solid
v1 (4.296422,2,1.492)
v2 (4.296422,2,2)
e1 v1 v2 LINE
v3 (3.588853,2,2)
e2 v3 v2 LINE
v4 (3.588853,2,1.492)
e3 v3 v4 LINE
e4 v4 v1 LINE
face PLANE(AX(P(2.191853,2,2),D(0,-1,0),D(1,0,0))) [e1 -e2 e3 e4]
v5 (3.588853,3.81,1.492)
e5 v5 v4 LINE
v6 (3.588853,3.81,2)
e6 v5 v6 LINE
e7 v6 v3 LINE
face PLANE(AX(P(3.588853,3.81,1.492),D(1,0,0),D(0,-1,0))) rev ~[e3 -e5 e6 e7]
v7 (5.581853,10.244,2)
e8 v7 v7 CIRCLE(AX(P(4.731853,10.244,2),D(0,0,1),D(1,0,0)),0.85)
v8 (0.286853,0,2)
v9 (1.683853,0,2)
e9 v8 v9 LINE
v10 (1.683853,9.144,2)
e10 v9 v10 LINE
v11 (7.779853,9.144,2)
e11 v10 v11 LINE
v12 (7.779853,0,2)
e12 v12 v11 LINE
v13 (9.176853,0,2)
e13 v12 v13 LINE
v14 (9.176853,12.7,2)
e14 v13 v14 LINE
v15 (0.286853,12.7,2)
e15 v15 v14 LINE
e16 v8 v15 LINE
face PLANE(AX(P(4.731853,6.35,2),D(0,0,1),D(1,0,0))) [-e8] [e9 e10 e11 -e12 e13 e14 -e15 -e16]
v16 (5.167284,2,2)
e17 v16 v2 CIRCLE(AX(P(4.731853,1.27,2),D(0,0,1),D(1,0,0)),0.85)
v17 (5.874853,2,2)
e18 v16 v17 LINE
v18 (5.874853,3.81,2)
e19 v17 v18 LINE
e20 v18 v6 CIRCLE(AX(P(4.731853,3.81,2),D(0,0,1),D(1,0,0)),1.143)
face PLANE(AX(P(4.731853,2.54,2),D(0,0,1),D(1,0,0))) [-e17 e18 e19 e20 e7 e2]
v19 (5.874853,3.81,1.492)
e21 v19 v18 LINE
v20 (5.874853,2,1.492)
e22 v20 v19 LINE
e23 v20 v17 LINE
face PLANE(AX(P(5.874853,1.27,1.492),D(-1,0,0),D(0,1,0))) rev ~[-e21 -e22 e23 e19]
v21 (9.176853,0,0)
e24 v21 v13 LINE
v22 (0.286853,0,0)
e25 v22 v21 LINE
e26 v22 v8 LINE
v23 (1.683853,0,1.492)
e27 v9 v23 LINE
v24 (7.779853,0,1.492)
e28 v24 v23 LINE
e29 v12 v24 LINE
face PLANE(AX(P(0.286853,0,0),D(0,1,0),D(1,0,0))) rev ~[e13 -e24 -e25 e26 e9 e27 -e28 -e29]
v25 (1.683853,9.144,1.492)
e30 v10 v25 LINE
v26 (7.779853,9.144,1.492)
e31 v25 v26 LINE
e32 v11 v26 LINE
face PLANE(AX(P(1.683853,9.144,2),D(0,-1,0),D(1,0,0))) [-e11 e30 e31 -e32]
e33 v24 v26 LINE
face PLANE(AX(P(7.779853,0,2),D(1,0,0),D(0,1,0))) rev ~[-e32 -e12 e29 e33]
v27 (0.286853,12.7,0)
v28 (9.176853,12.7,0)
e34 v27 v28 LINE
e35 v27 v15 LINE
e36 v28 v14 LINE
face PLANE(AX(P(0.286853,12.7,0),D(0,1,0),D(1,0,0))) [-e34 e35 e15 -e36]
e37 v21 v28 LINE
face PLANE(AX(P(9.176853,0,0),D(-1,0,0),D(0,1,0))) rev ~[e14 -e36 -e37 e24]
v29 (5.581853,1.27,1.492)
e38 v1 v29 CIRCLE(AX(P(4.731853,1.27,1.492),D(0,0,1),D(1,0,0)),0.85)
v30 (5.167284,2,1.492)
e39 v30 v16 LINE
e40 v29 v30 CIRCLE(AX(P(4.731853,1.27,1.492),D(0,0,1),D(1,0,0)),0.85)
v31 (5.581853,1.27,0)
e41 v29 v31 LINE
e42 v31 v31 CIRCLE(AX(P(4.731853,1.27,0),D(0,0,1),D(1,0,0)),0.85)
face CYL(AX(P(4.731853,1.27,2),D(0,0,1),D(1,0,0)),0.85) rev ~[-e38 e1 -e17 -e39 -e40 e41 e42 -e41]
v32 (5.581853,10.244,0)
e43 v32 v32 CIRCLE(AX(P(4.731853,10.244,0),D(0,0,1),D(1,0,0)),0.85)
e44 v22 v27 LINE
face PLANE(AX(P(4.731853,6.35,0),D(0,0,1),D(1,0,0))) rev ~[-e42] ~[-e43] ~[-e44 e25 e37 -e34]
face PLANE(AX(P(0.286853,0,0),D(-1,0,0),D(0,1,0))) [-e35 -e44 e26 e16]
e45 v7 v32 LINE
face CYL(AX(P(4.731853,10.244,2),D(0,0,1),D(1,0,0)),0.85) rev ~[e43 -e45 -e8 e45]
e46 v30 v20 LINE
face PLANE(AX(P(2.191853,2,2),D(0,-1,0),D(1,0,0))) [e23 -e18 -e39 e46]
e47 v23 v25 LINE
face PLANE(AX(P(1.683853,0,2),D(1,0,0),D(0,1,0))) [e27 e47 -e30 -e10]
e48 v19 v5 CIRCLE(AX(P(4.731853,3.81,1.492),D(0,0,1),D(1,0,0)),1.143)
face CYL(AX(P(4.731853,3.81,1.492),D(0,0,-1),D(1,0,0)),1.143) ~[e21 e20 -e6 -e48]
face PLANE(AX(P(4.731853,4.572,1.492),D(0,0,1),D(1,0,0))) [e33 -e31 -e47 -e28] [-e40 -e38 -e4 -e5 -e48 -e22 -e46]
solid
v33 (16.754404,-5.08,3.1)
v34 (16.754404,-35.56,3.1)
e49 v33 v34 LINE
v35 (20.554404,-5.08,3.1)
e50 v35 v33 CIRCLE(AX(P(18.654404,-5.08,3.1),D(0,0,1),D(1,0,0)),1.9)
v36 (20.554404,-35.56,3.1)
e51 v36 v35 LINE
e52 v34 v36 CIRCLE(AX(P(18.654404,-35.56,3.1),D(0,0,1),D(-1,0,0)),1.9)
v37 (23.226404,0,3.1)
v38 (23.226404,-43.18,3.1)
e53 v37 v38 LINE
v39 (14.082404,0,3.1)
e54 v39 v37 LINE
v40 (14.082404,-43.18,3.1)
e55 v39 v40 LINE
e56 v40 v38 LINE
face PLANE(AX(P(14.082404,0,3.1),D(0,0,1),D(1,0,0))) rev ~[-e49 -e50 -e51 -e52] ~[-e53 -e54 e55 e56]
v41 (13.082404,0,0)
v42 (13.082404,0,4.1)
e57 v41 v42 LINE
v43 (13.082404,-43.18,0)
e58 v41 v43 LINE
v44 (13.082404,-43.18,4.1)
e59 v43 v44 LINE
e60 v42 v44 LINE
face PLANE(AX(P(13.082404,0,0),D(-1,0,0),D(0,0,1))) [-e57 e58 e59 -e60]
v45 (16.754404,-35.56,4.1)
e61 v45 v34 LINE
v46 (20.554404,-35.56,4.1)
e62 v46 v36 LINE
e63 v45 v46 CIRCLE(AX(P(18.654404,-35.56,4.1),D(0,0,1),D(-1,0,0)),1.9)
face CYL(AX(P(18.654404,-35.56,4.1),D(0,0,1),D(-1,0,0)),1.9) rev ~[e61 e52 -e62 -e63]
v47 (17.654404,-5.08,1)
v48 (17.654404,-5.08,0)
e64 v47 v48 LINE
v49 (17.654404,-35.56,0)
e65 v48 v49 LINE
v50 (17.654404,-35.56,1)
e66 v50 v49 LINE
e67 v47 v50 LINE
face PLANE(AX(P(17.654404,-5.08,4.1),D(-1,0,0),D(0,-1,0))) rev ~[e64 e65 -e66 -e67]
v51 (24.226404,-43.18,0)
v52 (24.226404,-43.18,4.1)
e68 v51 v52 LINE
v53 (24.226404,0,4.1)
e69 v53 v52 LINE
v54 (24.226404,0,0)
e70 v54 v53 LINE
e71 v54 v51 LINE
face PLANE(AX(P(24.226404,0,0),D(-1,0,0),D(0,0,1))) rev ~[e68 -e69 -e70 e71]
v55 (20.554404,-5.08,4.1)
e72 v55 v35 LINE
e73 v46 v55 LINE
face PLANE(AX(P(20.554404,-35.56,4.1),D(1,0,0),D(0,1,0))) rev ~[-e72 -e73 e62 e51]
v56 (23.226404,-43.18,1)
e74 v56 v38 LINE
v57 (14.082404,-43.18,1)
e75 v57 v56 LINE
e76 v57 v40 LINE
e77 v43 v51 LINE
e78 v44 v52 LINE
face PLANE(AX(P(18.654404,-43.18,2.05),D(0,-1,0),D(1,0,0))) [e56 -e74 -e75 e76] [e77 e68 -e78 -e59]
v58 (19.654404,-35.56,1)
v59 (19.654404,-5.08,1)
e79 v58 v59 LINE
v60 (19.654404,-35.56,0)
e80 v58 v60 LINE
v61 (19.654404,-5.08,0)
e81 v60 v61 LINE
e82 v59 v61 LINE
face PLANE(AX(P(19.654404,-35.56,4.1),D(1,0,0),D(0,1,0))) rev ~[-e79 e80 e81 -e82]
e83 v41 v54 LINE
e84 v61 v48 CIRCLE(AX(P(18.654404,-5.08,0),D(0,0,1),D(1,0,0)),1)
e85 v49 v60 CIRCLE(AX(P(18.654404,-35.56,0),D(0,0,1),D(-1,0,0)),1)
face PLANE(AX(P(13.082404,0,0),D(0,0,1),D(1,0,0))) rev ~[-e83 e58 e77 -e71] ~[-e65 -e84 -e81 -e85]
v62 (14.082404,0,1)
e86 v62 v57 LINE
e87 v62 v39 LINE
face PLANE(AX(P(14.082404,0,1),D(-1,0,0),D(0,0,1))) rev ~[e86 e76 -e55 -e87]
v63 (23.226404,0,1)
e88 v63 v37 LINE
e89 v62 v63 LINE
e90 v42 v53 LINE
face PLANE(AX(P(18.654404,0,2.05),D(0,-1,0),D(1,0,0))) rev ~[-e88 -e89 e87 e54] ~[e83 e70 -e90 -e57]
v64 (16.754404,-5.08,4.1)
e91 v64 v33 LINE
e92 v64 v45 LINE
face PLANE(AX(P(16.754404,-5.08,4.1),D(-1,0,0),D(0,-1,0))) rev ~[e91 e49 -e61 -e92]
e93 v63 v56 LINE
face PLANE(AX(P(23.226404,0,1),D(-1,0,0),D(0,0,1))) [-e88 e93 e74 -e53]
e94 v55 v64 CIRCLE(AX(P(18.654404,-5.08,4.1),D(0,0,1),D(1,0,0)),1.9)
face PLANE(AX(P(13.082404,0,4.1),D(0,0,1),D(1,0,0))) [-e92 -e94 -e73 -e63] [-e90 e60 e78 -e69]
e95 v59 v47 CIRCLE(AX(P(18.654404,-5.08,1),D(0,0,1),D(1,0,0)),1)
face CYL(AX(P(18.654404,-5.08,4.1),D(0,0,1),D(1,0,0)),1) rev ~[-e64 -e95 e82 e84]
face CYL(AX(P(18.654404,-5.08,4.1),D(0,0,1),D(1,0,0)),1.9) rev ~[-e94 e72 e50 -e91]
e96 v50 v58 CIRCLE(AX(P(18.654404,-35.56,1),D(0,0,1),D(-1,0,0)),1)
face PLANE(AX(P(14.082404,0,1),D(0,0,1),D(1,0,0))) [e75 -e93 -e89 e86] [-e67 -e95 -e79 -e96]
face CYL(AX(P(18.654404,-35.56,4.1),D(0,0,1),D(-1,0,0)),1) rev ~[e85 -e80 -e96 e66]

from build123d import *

# Parameters (mm, degrees)
F0_W      = 8.89
F0_H      = 12.7
F1_DEPTH  = 2
F2_W      = 6.096
F2_H      = 9.144
F3_DEPTH  = 0.508
F5_DEPTH  = 0.508
F6_R      = 0.85
F7_DEPTH  = 25.4
F8_W      = 5.08
F8_H      = 2
F9_DEPTH  = 0.508
F10_W     = 11.144
F10_H     = 4.1
F10_W_2   = 9.144
F10_H_2   = 2.1
F11_DEPTH = 43.18
F13_DEPTH = 2.54
F15_DEPTH = 25.4


with BuildPart() as f1:
    # F0 (on Top) → F1 (new body)
    with BuildSketch(Plane.XY):
        with Locations((4.731853, 6.35)):
            Rectangle(F0_W, F0_H)
    extrude(amount=F1_DEPTH)

    # F2 (on face) → F3 (cut)
    with BuildSketch(Plane.XY.offset(2)):
        with Locations((4.731853, 4.572)):
            Rectangle(F2_W, F2_H)
    extrude(amount=-F3_DEPTH, mode=Mode.SUBTRACT)

    # F4 (on face) → F5 (join)
    with BuildSketch(Plane.XY.offset(1.492)):
        with BuildLine():
            ThreePointArc((5.874853, 3.81), (4.731853, 4.953), (3.588853, 3.81))
            Line((3.588853, 3.81), (3.588853, 1.27))
            ThreePointArc((3.588853, 1.27), (4.731853, 0.127), (5.874853, 1.27))
            Line((5.874853, 1.27), (5.874853, 3.81))
        make_face()
    extrude(amount=F5_DEPTH)

    # F6 (on face) → F7 (cut)
    with BuildSketch(Plane.XY.offset(2)):
        with Locations((4.731853, 1.27)):
            Circle(F6_R)
        with Locations((4.731853, 10.244)):
            Circle(F6_R)
    extrude(amount=-F7_DEPTH, mode=Mode.SUBTRACT)

    # F8 (on face) → F9 (cut)
    with BuildSketch(Plane.XY.offset(2)):
        with Locations((4.731853, 1)):
            Rectangle(F8_W, F8_H)
    extrude(amount=-F9_DEPTH, mode=Mode.SUBTRACT)


with BuildPart() as f11:
    # F10 (on Front) → F11 (new body)
    with BuildSketch(Plane.XZ):
        with Locations((18.654404, 2.05)):
            Rectangle(F10_W, F10_H)
        with Locations((18.654404, 2.05)):
            Rectangle(F10_W_2, F10_H_2, mode=Mode.SUBTRACT)
    extrude(amount=F11_DEPTH)

    # F12 (on face) → F13 (cut)
    with BuildSketch(Plane.XY.offset(4.1)):
        with BuildLine():
            ThreePointArc((20.554404, -5.08), (18.654404, -3.18), (16.754404, -5.08))
            Line((16.754404, -5.08), (16.754404, -35.56))
            ThreePointArc((16.754404, -35.56), (18.654404, -37.46), (20.554404, -35.56))
            Line((20.554404, -35.56), (20.554404, -5.08))
        make_face()
    extrude(amount=-F13_DEPTH, mode=Mode.SUBTRACT)

    # F14 (on face) → F15 (cut)
    with BuildSketch(Plane.XY.offset(4.1)):
        with BuildLine():
            ThreePointArc((19.654404, -5.08), (18.654404, -4.08), (17.654404, -5.08))
            Line((17.654404, -5.08), (17.654404, -35.56))
            ThreePointArc((17.654404, -35.56), (18.654404, -36.56), (19.654404, -35.56))
            Line((19.654404, -35.56), (19.654404, -5.08))
        make_face()
    extrude(amount=-F15_DEPTH, mode=Mode.SUBTRACT)


solid = Compound([f1.part, f11.part])
